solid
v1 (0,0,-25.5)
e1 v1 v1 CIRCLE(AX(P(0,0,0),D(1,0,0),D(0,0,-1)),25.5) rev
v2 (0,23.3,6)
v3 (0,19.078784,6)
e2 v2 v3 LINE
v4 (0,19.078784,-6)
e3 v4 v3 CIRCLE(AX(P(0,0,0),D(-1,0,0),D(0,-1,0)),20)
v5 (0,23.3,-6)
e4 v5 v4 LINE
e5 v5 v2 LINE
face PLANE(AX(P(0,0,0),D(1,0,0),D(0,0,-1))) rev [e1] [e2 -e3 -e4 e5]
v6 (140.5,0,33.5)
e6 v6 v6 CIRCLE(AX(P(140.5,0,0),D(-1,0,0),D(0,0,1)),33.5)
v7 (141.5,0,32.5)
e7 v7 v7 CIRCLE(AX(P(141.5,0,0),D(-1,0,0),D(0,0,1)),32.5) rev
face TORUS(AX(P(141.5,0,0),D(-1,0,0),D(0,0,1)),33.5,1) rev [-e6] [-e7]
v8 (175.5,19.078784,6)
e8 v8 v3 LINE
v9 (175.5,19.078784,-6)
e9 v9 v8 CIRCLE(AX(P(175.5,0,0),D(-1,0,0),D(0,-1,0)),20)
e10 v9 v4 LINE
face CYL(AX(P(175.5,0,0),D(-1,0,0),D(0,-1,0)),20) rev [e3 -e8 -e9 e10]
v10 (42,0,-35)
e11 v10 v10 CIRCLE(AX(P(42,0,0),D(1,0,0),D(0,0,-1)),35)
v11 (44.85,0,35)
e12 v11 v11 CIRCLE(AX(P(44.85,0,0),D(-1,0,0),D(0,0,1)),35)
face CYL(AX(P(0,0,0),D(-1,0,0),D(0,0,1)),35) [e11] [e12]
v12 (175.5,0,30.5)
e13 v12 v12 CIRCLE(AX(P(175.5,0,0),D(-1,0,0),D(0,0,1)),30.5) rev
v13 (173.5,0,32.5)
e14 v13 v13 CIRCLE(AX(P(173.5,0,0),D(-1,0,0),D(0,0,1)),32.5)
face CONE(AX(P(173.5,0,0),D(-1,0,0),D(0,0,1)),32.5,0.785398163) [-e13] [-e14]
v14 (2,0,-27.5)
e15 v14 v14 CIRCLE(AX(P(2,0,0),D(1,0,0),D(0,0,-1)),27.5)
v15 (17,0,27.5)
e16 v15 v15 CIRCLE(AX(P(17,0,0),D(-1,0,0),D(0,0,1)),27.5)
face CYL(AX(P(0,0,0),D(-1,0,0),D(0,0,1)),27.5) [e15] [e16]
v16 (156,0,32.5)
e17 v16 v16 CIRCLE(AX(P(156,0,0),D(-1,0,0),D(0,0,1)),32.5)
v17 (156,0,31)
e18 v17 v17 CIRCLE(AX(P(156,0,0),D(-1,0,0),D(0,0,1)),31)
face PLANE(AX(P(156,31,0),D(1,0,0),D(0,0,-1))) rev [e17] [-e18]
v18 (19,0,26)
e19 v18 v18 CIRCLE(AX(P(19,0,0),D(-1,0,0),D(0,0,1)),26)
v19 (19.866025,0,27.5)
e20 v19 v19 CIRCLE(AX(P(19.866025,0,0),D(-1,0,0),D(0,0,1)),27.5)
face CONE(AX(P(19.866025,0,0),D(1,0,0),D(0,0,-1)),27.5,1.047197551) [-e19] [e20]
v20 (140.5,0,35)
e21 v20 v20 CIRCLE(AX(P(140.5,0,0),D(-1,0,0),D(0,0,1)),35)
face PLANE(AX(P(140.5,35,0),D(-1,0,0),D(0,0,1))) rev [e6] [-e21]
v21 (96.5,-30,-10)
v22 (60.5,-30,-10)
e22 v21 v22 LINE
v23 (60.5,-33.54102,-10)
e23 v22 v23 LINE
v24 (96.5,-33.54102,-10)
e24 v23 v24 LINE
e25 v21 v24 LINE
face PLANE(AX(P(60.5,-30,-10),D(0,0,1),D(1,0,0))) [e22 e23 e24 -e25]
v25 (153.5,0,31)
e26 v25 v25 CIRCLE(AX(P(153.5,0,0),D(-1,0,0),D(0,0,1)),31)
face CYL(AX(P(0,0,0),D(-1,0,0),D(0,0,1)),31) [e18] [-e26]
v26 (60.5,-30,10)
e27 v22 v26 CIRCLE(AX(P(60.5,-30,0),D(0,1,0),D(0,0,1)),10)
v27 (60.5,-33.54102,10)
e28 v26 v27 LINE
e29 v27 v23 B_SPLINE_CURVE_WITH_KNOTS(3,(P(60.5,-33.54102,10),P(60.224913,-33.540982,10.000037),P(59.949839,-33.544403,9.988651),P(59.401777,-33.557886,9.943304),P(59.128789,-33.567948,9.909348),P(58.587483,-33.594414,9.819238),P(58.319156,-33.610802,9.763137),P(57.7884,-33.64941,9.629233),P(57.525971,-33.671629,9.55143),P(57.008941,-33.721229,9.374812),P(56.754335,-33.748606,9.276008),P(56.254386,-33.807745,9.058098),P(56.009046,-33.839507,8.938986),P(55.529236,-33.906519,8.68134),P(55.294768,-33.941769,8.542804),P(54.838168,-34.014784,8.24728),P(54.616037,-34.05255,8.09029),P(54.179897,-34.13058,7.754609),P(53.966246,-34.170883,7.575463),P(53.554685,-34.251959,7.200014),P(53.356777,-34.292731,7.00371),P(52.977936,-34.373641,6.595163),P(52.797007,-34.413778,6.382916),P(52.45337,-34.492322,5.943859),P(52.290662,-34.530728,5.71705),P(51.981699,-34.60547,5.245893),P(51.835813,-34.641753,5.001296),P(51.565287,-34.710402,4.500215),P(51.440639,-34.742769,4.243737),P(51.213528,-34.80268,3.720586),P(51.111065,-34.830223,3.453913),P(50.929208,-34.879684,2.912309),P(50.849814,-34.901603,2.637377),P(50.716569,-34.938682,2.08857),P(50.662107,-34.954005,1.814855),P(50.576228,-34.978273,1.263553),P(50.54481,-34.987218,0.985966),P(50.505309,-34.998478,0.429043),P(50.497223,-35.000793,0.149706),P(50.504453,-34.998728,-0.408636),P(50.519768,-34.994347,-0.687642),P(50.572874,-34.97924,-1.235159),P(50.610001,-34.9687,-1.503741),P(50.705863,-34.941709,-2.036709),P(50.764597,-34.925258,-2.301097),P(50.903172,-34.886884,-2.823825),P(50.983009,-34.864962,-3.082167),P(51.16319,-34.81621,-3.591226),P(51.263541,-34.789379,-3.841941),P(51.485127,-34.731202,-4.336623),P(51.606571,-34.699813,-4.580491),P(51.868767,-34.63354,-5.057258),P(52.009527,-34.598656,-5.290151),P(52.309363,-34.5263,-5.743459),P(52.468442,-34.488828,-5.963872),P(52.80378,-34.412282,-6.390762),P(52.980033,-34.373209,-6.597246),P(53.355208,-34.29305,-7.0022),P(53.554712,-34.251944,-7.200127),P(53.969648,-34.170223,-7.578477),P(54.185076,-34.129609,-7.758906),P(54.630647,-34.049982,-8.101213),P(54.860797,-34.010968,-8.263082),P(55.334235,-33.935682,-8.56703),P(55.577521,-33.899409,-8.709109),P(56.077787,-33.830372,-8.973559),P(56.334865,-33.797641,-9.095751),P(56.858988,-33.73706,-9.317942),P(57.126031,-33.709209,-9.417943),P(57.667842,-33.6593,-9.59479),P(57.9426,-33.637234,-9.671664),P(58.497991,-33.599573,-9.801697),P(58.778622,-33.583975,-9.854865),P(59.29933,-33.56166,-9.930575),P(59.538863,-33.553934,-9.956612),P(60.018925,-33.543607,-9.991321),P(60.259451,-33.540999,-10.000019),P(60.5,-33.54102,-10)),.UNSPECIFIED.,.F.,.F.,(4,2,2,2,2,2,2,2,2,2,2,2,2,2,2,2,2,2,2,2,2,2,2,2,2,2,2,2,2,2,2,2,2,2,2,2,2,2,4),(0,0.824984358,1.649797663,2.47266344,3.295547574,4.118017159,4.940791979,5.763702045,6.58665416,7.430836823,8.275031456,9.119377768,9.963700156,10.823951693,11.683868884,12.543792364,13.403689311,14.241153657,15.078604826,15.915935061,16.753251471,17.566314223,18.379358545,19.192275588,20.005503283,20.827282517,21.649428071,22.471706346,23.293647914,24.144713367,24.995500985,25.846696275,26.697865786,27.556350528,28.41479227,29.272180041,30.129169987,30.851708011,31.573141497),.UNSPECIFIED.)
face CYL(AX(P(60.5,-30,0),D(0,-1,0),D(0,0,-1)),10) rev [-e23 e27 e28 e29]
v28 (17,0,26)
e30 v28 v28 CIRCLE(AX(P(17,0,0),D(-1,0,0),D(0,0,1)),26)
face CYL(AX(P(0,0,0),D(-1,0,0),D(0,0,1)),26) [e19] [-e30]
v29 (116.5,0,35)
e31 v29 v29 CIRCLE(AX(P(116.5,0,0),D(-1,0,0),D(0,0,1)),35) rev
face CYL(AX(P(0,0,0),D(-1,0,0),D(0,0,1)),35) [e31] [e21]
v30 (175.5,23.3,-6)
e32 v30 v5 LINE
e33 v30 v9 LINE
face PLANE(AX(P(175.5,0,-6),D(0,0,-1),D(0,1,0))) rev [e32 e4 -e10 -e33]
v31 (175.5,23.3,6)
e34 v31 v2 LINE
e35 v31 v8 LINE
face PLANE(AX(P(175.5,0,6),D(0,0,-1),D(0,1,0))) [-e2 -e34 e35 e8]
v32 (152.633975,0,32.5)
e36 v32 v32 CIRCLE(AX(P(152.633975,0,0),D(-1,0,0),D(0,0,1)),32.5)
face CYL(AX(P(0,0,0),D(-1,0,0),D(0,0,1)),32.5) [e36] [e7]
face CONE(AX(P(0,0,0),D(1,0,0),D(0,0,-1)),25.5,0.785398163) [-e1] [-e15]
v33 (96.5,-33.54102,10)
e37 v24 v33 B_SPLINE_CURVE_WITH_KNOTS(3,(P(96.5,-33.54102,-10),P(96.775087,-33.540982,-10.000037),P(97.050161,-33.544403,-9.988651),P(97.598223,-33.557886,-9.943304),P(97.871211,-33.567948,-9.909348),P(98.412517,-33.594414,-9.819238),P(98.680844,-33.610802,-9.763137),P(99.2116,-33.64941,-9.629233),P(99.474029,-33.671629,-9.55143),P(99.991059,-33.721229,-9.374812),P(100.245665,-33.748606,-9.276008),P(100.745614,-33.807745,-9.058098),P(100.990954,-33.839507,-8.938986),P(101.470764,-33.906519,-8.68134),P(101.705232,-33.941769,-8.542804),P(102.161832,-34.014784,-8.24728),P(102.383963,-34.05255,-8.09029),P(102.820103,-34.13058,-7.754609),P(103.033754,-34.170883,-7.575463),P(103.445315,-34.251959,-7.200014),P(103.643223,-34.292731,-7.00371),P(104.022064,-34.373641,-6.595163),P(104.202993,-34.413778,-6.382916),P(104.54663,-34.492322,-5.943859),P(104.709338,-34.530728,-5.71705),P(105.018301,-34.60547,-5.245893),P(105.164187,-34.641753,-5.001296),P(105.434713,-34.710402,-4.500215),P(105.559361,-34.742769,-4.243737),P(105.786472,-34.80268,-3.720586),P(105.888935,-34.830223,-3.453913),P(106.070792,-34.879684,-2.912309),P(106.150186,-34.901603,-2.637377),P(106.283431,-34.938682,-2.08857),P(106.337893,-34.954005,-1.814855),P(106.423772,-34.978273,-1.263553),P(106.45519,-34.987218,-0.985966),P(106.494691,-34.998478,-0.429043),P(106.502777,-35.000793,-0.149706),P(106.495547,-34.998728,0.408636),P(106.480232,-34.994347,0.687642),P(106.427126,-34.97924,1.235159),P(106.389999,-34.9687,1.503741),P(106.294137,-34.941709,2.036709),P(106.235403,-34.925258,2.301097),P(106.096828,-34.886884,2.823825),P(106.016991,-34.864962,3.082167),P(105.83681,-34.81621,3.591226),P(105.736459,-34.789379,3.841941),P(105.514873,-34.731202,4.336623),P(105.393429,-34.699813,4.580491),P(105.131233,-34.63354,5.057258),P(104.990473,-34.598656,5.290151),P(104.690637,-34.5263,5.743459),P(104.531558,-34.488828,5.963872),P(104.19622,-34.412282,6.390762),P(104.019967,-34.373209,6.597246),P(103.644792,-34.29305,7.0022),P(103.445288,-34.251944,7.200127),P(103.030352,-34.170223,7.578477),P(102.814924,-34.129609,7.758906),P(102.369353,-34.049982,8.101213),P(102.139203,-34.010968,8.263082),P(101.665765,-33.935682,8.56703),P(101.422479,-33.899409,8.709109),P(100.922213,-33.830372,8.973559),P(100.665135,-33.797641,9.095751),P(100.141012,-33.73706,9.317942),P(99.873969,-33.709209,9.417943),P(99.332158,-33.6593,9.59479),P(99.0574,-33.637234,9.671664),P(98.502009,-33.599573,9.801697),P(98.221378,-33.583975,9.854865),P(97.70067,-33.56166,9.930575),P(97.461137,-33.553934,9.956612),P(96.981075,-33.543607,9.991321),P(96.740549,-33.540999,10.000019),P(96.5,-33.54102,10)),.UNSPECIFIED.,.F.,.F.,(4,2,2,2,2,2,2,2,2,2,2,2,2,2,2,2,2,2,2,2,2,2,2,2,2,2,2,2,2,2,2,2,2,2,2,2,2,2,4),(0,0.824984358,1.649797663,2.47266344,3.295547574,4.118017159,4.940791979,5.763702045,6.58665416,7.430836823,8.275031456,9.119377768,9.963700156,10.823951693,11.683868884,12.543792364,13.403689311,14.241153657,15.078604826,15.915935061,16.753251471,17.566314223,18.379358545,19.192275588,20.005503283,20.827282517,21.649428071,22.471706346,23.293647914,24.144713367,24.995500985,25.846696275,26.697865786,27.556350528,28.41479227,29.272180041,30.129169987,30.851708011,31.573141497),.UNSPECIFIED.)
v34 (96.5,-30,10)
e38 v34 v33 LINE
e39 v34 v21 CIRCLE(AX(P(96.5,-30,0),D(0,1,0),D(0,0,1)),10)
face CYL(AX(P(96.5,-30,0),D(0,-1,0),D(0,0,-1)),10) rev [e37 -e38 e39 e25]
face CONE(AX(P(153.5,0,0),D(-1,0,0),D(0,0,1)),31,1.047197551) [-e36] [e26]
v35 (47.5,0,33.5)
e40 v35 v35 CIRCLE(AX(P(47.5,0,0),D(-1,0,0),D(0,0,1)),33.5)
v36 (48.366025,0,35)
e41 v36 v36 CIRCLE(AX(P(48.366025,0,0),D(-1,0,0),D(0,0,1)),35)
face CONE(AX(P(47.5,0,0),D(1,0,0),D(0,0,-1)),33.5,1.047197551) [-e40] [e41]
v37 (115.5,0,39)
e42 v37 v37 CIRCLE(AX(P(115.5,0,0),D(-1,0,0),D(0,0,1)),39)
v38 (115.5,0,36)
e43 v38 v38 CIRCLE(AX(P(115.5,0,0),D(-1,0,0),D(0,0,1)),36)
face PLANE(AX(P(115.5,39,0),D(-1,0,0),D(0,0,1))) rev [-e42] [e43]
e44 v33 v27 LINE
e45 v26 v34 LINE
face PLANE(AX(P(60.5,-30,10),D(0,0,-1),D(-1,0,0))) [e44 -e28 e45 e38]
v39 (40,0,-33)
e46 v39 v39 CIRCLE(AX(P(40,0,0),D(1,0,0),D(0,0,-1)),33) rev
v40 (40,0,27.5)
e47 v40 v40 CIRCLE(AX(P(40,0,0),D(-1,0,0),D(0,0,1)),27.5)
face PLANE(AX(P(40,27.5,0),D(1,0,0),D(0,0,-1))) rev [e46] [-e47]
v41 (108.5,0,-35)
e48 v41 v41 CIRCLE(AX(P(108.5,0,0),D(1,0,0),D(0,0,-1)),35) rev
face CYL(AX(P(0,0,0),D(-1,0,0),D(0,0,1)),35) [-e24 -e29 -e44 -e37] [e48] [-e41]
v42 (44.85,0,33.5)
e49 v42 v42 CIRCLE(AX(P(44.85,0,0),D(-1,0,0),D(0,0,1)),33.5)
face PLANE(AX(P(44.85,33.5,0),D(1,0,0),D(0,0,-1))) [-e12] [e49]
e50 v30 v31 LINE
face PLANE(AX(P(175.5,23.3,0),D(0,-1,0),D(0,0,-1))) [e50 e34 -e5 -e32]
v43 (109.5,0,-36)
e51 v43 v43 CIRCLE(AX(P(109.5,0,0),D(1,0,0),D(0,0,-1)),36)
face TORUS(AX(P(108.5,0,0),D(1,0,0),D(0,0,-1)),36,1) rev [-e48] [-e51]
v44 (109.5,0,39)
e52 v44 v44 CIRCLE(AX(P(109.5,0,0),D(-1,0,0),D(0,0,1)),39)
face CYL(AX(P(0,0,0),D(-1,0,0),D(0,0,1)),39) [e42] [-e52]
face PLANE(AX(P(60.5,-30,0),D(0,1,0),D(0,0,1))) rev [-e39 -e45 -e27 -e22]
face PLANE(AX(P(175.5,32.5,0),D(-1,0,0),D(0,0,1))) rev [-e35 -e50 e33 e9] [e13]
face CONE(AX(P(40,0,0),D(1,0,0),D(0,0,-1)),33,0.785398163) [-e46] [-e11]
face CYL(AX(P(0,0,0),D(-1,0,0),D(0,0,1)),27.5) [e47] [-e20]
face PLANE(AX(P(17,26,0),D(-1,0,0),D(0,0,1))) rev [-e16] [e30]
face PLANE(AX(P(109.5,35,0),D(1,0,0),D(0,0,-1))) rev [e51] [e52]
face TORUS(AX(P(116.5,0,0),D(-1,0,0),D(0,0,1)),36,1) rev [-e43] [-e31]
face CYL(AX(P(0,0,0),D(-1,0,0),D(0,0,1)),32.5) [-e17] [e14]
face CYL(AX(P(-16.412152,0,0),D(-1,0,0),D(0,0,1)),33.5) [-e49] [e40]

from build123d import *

# Parameters (mm, degrees)
SCHIZZO2_R               = 20
TAGLIO_ESTRUSIONE1_DEPTH = 184.962632075
SMUSSO1_SIZE             = 2
RACCORDO1_R              = 1
TAGLIO_ESTRUSIONE2_START = -35
TAGLIO_ESTRUSIONE2_DEPTH = 5


with BuildPart() as part:
    # Schizzo1 → Rivoluzione1 (revolve)
    with BuildSketch(Plane.XY, mode=Mode.PRIVATE) as rivoluzione1_sk:
        Polygon((0, 0), (0, 27.5), (17, 27.5), (17, 26), (19, 26), (19.866025404, 27.5), (40, 27.5), (40, 35), (109.5, 35), (109.5, 39), (115.5, 39), (115.5, 35), (140.5, 35), (140.5, 32.5), (152.633974596, 32.5), (153.5, 31), (156, 31), (156, 32.5), (175.5, 32.5), (175.5, 0), align=None)
    revolve(rivoluzione1_sk.sketch.rotate(Axis((0, 0, 0), (1, 0, 0)), 90), axis=Axis((0, 0, 0), (1, 0, 0)))

    # Schizzo2 → Taglio-Estrusione1 (cut, through all)
    with BuildSketch(Plane.ZY):
        with BuildLine():
            ThreePointArc((-6, 19.078784028), (-3.035153986, 19.768354516), (0, 20))
            Line((0, 20), (0, 23.3))
            Line((0, 23.3), (-6, 23.3))
            Line((-6, 23.3), (-6, 19.078784028))
        make_face()
        with BuildLine():
            Line((0, 23.3), (0, 20))
            ThreePointArc((0, 20), (3.035153986, 19.768354516), (6, 19.078784028))
            Line((6, 19.078784028), (6, 23.3))
            Line((6, 23.3), (0, 23.3))
        make_face()
        Circle(SCHIZZO2_R)
    extrude(amount=-TAGLIO_ESTRUSIONE1_DEPTH, mode=Mode.SUBTRACT)

    # Smusso1
    smusso1_edges = [part.edges().sort_by_distance(p)[0] for p in [
        (175.5, 0, -32.5),
        (40, 0, -35),
        (0, 0, -27.5),
    ]]
    chamfer(smusso1_edges, length=SMUSSO1_SIZE)

    # Raccordo1
    raccordo1_edges = [part.edges().sort_by_distance(p)[0] for p in [
        (140.5, 0, -32.5),
        (115.5, 0, -35),
        (109.5, 0, -35),
    ]]
    fillet(raccordo1_edges, radius=RACCORDO1_R)

    # Schizzo3 → Taglia-Rivoluzione1 (revolve, cut)
    with BuildSketch(Plane.XY, mode=Mode.PRIVATE) as taglia_rivoluzione1_sk:
        Polygon((48.366025404, 35), (47.5, 33.5), (44.85, 33.5), (44.85, 35), align=None)
    revolve(taglia_rivoluzione1_sk.sketch.rotate(Axis((-16.412152114, 0, 0), (1, 0, 0)), 90), axis=Axis((-16.412152114, 0, 0), (1, 0, 0)), mode=Mode.SUBTRACT)

    # Schizzo4 → Taglio-Estrusione2 (cut)
    with BuildSketch(Plane(origin=(0, 0, 0), x_dir=(1, 0, 0), z_dir=(0, 1, 0)).offset(TAGLIO_ESTRUSIONE2_START)):
        with BuildLine():
            Line((60.5, 10), (96.5, 10))
            ThreePointArc((96.5, 10), (106.5, 0), (96.5, -10))
            Line((96.5, -10), (60.5, -10))
            ThreePointArc((60.5, -10), (50.5, 0), (60.5, 10))
        make_face()
    extrude(amount=TAGLIO_ESTRUSIONE2_DEPTH, mode=Mode.SUBTRACT)


solid = part.part
